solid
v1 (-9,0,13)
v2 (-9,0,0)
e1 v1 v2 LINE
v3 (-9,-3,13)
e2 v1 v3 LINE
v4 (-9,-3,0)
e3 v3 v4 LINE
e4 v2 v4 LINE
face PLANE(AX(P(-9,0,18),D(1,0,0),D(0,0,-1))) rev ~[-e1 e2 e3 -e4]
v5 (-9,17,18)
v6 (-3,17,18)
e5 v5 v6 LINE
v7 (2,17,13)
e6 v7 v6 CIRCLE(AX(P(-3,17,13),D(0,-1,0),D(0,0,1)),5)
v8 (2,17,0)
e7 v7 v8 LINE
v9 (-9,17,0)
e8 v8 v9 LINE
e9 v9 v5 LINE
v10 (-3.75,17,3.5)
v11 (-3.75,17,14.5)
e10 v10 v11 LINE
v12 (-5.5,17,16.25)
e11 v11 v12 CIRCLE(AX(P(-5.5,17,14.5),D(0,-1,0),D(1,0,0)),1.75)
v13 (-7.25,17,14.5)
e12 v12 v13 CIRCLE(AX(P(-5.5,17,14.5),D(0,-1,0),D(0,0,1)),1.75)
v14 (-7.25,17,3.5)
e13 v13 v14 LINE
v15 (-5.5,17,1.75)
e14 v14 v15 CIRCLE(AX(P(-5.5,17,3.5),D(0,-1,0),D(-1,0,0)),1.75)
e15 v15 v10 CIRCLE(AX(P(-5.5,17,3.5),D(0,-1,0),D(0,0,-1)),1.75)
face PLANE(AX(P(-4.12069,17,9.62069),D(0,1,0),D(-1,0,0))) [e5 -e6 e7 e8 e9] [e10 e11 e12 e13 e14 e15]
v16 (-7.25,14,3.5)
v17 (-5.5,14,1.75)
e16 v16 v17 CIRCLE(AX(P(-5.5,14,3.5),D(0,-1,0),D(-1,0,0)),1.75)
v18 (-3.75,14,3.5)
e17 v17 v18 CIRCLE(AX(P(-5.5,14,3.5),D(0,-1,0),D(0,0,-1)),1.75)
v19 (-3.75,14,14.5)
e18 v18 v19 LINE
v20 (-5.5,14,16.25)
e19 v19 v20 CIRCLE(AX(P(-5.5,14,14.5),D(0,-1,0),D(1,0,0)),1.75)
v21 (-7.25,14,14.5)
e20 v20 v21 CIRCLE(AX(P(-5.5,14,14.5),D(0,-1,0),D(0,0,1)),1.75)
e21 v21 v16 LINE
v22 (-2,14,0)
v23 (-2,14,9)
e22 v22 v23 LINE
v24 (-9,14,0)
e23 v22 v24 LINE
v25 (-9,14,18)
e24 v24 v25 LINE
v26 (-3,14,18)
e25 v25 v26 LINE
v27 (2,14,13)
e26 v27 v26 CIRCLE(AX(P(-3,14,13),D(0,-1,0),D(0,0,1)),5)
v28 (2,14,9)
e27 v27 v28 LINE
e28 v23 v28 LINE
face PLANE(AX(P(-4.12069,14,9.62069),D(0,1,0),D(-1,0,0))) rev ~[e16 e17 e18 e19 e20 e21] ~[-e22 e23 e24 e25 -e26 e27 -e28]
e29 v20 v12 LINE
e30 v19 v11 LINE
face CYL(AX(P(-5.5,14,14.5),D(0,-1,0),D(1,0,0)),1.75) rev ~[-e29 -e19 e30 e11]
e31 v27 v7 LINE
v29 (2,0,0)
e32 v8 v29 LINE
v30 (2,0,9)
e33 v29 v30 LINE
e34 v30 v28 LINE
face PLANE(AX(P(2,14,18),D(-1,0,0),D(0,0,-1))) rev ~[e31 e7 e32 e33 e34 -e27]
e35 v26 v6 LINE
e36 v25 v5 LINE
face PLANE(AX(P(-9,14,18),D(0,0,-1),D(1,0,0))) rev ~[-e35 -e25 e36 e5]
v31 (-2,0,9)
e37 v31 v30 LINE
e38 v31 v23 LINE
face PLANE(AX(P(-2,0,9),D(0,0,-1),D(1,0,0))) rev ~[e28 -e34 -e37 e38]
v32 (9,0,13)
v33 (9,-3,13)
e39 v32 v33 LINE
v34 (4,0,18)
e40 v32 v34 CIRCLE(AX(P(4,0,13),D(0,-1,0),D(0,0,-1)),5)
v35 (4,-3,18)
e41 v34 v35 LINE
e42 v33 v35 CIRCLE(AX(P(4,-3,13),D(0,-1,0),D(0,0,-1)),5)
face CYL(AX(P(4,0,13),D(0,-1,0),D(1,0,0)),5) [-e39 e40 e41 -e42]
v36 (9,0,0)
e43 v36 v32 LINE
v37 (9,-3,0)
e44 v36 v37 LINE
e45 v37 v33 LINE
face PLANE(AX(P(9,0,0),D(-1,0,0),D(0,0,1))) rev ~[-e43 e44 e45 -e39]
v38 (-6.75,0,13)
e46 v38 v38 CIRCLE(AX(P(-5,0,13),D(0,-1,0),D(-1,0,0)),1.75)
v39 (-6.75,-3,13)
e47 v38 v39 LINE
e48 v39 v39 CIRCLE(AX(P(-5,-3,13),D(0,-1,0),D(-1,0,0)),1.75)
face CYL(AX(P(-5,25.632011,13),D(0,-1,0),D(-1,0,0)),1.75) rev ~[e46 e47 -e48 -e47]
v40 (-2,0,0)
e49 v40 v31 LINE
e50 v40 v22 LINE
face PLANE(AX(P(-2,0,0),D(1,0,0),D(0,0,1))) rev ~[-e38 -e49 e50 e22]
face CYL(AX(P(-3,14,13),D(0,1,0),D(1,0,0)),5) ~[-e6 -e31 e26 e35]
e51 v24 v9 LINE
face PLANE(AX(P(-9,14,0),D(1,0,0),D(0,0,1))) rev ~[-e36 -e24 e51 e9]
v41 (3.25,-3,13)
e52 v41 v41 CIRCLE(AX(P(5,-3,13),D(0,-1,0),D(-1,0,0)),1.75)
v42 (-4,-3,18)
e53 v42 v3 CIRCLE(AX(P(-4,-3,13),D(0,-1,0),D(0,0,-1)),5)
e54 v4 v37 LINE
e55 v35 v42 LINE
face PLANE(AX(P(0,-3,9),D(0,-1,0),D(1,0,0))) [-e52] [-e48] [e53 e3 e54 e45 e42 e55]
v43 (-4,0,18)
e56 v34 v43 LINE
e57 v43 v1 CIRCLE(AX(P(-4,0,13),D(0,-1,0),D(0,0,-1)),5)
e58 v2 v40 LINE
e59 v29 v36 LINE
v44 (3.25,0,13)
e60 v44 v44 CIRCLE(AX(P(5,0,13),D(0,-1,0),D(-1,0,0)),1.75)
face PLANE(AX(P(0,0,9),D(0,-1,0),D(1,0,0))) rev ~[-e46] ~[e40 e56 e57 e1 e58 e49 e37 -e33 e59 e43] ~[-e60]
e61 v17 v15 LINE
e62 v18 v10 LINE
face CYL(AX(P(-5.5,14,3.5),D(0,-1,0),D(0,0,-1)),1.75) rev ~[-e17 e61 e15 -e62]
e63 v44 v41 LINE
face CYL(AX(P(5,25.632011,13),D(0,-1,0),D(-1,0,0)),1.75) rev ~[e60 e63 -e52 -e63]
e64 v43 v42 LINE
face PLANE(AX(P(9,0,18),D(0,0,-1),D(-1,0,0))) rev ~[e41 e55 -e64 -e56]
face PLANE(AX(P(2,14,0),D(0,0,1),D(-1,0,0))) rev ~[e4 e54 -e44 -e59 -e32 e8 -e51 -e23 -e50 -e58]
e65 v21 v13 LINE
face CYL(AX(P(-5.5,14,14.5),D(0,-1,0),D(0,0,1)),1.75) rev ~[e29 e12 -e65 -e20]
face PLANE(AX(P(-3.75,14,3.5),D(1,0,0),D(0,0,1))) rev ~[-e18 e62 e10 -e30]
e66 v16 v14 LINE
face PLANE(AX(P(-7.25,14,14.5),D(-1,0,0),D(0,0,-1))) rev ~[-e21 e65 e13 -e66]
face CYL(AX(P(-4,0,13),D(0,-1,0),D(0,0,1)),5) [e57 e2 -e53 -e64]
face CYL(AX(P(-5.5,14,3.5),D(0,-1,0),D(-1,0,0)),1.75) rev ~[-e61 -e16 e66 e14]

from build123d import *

# Parameters (mm, degrees)
F1_DEPTH = 3
F2_D     = 3.5
F3_W     = 4
F3_H     = 9
F4_DEPTH = 14
F5_W     = 4
F5_H     = 9
F6_DEPTH = 3
F7_R     = 5


with BuildPart() as f1:
    # F0 (on Front) → F1 (new body)
    with BuildSketch(Plane.XZ):
        Polygon((-9, 9), (-9, 0), (9, 0), (9, 9), (9, 18), (-9, 18), align=None)
    extrude(amount=F1_DEPTH)

    # F2 (through all)
    with Locations(Plane(origin=(0, 0, 0), x_dir=(1, 0, 0), z_dir=(0, 1, 0))):
        with Locations((-5, -13), (5, -13)):
            Hole(F2_D / 2)

    # F3 (on face) → F4 (join)
    with BuildSketch(Plane.XZ):
        with Locations((0, 4.5)):
            Rectangle(F3_W, F3_H)
    extrude(amount=-F4_DEPTH)

    # F5 (on face) → F6 (join)
    with BuildSketch(Plane(origin=(0, 14, 0), x_dir=(-1, 0, 0), z_dir=(0, 1, 0))):
        Polygon((9, 0), (9, 18), (-2, 18), (-2, 9), (2, 9), (2, 0), align=None)
        with BuildLine():
            ThreePointArc((5.5, 16.25), (6.7374368671, 15.7374368671), (7.25, 14.5))
            Line((7.25, 14.5), (7.25, 3.5))
            ThreePointArc((7.25, 3.5), (6.7374368671, 2.2625631329), (5.5, 1.75))
            ThreePointArc((5.5, 1.75), (4.2625631329, 2.2625631329), (3.75, 3.5))
            Line((3.75, 3.5), (3.75, 14.5))
            ThreePointArc((3.75, 14.5), (4.2625631329, 15.7374368671), (5.5, 16.25))
        make_face(mode=Mode.SUBTRACT)
        with Locations((0, 4.5)):
            Rectangle(F5_W, F5_H)
    extrude(amount=F6_DEPTH)

    # F7
    f7_edges = [f1.edges().sort_by_distance(p)[0] for p in [
        (9, -1.5, 18),
        (-9, -1.5, 18),
        (2, 15.5, 18),
    ]]
    fillet(f7_edges, radius=F7_R)


solid = f1.part
